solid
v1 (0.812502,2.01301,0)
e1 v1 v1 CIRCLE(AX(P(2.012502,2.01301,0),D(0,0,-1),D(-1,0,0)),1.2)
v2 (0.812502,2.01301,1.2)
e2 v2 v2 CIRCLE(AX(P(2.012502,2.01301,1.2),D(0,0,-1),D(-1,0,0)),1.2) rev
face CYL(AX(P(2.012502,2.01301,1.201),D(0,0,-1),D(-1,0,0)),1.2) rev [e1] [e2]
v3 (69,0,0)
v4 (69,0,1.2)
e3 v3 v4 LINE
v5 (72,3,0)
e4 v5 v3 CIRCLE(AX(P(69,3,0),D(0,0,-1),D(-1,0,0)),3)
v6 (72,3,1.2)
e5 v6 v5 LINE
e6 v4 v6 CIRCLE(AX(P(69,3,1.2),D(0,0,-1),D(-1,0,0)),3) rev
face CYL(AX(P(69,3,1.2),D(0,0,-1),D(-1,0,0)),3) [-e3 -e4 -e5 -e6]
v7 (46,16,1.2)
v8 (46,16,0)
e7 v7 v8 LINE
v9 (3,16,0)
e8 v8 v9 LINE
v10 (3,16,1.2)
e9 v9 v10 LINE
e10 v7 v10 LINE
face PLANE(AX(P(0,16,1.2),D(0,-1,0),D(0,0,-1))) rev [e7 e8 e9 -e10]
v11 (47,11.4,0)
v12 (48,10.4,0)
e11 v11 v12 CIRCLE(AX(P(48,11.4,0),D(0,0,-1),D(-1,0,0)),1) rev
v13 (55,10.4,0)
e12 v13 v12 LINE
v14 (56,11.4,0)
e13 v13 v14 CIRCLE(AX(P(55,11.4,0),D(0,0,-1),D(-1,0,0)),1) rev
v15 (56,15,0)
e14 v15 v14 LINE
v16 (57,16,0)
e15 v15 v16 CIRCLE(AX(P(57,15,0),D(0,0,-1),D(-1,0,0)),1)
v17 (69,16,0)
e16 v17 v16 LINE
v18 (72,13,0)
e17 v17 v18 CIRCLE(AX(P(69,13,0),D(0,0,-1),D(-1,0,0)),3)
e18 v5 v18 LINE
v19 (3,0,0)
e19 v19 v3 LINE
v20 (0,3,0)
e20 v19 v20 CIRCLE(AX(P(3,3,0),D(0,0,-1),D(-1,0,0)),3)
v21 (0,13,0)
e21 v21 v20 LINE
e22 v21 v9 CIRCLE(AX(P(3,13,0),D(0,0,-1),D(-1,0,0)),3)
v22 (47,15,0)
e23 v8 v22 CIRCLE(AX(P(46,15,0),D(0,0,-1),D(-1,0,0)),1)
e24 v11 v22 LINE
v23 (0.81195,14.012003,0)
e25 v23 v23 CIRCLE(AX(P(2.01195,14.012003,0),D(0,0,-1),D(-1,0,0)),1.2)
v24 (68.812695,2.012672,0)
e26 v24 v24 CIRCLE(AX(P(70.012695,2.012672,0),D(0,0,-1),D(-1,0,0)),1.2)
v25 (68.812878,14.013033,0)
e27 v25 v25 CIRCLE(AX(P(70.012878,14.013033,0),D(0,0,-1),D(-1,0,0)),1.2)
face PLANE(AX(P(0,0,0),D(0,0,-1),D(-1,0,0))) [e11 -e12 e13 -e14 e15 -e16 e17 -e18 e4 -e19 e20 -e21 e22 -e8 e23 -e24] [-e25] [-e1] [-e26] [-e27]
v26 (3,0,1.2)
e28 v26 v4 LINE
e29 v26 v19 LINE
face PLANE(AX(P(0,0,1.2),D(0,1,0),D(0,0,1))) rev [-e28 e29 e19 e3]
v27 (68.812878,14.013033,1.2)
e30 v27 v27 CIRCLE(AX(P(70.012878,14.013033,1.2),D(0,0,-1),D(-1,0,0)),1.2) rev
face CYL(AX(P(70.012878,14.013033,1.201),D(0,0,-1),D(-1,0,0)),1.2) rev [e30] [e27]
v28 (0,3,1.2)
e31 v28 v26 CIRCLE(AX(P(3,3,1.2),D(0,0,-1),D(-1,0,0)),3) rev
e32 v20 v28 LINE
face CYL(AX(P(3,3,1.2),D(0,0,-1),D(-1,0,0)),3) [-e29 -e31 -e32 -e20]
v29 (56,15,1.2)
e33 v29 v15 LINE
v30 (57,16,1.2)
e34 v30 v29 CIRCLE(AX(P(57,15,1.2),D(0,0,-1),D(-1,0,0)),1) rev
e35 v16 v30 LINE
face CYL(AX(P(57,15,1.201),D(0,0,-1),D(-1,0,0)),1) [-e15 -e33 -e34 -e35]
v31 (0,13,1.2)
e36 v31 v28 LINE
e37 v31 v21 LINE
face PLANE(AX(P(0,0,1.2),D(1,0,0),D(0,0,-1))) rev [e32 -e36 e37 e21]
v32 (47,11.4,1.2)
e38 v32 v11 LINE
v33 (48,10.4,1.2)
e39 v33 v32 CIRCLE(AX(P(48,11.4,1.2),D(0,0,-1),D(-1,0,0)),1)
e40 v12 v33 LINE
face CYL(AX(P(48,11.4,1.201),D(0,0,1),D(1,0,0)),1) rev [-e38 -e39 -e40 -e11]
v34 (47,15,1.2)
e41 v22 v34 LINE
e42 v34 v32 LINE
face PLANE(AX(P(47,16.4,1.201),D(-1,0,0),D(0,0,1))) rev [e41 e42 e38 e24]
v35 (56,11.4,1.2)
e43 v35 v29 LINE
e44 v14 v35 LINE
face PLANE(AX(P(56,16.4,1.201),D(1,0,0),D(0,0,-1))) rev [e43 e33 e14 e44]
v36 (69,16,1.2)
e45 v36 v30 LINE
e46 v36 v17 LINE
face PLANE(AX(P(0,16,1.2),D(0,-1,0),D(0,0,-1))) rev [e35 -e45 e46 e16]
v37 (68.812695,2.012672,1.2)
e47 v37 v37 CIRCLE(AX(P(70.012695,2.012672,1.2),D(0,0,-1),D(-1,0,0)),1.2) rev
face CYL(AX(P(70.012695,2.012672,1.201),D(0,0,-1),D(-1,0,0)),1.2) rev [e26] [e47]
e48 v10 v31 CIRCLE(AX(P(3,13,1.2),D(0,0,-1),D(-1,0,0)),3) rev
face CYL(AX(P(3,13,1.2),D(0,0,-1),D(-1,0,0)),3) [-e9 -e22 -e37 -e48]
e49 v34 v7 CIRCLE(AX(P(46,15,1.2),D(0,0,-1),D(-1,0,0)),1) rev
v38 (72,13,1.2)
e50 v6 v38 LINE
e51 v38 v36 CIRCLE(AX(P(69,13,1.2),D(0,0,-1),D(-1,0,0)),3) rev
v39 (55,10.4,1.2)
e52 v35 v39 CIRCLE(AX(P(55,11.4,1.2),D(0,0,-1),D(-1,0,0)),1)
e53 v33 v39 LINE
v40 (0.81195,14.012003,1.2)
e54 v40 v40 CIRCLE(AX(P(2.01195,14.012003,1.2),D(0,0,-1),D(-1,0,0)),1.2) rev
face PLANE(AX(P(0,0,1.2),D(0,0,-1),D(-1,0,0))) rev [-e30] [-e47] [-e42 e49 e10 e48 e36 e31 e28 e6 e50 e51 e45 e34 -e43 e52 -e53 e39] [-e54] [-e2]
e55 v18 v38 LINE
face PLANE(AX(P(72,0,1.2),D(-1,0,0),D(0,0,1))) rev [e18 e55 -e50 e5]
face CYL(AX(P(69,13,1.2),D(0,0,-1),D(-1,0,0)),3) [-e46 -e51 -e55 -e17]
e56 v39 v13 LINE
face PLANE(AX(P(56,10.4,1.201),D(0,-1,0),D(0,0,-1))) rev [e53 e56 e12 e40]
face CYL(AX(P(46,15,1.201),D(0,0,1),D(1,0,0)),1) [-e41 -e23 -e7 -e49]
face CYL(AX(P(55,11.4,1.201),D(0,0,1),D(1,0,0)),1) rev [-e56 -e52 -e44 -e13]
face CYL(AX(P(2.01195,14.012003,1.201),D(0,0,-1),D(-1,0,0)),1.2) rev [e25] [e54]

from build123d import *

# Parameters (mm, degrees)
SKETCH_1_W          = 72
SKETCH_1_H          = 16
EXTRUDE_1_DEPTH     = 1.2
FILLET_1_R          = 3
CUT_EXTRUDE_1_REACH = 75.766
SKETCH_3_R          = 1.2
CUT_EXTRUDE_2_REACH = 75.766
SKETCH_4_W          = 9
SKETCH_4_H          = 6
FILLET_2_R          = 1


with BuildPart() as part:
    # 草图1 → 凸台-拉伸1 (new body)
    with BuildSketch(Plane.XY):
        with Locations((36, 8)):
            Rectangle(SKETCH_1_W, SKETCH_1_H)
    extrude(amount=EXTRUDE_1_DEPTH)

    # 圆角1
    fillet_1_edges = [part.edges().sort_by_distance(p)[0] for p in [
        (0, 16, 0.6),
        (72, 16, 0.6),
        (72, 0, 0.6),
        (0, 0, 0.6),
    ]]
    fillet(fillet_1_edges, radius=FILLET_1_R)

    # 草图3 → 切除-拉伸1 (cut, up to next)
    with BuildSketch(Plane(origin=(0, 0, 0), x_dir=(-1, 0, 0), z_dir=(0, 0, -1)), mode=Mode.PRIVATE) as cut_extrude_1_sk1:
        with Locations((-70.012877826, 14.013032766)):
            Circle(SKETCH_3_R)
    cut_extrude_1_tool1 = extrude(cut_extrude_1_sk1.sketch, amount=-CUT_EXTRUDE_1_REACH, mode=Mode.PRIVATE) & part.part
    # 草图3 → 切除-拉伸1 (cut, up to next)
    with BuildSketch(Plane(origin=(0, 0, 0), x_dir=(-1, 0, 0), z_dir=(0, 0, -1)), mode=Mode.PRIVATE) as cut_extrude_1_sk2:
        with Locations((-70.012694945, 2.012672085)):
            Circle(SKETCH_3_R)
    cut_extrude_1_tool2 = extrude(cut_extrude_1_sk2.sketch, amount=-CUT_EXTRUDE_1_REACH, mode=Mode.PRIVATE) & part.part
    # 草图3 → 切除-拉伸1 (cut, up to next)
    with BuildSketch(Plane(origin=(0, 0, 0), x_dir=(-1, 0, 0), z_dir=(0, 0, -1)), mode=Mode.PRIVATE) as cut_extrude_1_sk3:
        with Locations((-2.011949988, 14.012003328)):
            Circle(SKETCH_3_R)
    cut_extrude_1_tool3 = extrude(cut_extrude_1_sk3.sketch, amount=-CUT_EXTRUDE_1_REACH, mode=Mode.PRIVATE) & part.part
    # 草图3 → 切除-拉伸1 (cut, up to next)
    with BuildSketch(Plane(origin=(0, 0, 0), x_dir=(-1, 0, 0), z_dir=(0, 0, -1)), mode=Mode.PRIVATE) as cut_extrude_1_sk4:
        with Locations((-2.012501905, 2.013009906)):
            Circle(SKETCH_3_R)
    cut_extrude_1_tool4 = extrude(cut_extrude_1_sk4.sketch, amount=-CUT_EXTRUDE_1_REACH, mode=Mode.PRIVATE) & part.part
    add(cut_extrude_1_tool1.solids().sort_by_distance((70.012878, 14.013033, 0))[0], mode=Mode.SUBTRACT)
    add(cut_extrude_1_tool2.solids().sort_by_distance((70.012695, 2.012672, 0))[0], mode=Mode.SUBTRACT)
    add(cut_extrude_1_tool3.solids().sort_by_distance((2.01195, 14.012003, 0))[0], mode=Mode.SUBTRACT)
    add(cut_extrude_1_tool4.solids().sort_by_distance((2.012502, 2.01301, 0))[0], mode=Mode.SUBTRACT)

    # 草图4 → 切除-拉伸2 (cut, up to next)
    with BuildSketch(Plane(origin=(0, 0, 0), x_dir=(-1, 0, 0), z_dir=(0, 0, -1)), mode=Mode.PRIVATE) as cut_extrude_2_sk1:
        with Locations((-51.5, 13.4)):
            Rectangle(SKETCH_4_W, SKETCH_4_H)
    cut_extrude_2_tool1 = extrude(cut_extrude_2_sk1.sketch, amount=-CUT_EXTRUDE_2_REACH, mode=Mode.PRIVATE) & part.part
    add(cut_extrude_2_tool1.solids().sort_by_distance((51.5, 13.4, 0))[0], mode=Mode.SUBTRACT)

    # 圆角2
    fillet_2_edges = [part.edges().sort_by_distance(p)[0] for p in [
        (56, 16, 0.6),
        (47, 16, 0.6),
        (56, 10.4, 0.6),
        (47, 10.4, 0.6),
    ]]
    fillet(fillet_2_edges, radius=FILLET_2_R)


solid = part.part
